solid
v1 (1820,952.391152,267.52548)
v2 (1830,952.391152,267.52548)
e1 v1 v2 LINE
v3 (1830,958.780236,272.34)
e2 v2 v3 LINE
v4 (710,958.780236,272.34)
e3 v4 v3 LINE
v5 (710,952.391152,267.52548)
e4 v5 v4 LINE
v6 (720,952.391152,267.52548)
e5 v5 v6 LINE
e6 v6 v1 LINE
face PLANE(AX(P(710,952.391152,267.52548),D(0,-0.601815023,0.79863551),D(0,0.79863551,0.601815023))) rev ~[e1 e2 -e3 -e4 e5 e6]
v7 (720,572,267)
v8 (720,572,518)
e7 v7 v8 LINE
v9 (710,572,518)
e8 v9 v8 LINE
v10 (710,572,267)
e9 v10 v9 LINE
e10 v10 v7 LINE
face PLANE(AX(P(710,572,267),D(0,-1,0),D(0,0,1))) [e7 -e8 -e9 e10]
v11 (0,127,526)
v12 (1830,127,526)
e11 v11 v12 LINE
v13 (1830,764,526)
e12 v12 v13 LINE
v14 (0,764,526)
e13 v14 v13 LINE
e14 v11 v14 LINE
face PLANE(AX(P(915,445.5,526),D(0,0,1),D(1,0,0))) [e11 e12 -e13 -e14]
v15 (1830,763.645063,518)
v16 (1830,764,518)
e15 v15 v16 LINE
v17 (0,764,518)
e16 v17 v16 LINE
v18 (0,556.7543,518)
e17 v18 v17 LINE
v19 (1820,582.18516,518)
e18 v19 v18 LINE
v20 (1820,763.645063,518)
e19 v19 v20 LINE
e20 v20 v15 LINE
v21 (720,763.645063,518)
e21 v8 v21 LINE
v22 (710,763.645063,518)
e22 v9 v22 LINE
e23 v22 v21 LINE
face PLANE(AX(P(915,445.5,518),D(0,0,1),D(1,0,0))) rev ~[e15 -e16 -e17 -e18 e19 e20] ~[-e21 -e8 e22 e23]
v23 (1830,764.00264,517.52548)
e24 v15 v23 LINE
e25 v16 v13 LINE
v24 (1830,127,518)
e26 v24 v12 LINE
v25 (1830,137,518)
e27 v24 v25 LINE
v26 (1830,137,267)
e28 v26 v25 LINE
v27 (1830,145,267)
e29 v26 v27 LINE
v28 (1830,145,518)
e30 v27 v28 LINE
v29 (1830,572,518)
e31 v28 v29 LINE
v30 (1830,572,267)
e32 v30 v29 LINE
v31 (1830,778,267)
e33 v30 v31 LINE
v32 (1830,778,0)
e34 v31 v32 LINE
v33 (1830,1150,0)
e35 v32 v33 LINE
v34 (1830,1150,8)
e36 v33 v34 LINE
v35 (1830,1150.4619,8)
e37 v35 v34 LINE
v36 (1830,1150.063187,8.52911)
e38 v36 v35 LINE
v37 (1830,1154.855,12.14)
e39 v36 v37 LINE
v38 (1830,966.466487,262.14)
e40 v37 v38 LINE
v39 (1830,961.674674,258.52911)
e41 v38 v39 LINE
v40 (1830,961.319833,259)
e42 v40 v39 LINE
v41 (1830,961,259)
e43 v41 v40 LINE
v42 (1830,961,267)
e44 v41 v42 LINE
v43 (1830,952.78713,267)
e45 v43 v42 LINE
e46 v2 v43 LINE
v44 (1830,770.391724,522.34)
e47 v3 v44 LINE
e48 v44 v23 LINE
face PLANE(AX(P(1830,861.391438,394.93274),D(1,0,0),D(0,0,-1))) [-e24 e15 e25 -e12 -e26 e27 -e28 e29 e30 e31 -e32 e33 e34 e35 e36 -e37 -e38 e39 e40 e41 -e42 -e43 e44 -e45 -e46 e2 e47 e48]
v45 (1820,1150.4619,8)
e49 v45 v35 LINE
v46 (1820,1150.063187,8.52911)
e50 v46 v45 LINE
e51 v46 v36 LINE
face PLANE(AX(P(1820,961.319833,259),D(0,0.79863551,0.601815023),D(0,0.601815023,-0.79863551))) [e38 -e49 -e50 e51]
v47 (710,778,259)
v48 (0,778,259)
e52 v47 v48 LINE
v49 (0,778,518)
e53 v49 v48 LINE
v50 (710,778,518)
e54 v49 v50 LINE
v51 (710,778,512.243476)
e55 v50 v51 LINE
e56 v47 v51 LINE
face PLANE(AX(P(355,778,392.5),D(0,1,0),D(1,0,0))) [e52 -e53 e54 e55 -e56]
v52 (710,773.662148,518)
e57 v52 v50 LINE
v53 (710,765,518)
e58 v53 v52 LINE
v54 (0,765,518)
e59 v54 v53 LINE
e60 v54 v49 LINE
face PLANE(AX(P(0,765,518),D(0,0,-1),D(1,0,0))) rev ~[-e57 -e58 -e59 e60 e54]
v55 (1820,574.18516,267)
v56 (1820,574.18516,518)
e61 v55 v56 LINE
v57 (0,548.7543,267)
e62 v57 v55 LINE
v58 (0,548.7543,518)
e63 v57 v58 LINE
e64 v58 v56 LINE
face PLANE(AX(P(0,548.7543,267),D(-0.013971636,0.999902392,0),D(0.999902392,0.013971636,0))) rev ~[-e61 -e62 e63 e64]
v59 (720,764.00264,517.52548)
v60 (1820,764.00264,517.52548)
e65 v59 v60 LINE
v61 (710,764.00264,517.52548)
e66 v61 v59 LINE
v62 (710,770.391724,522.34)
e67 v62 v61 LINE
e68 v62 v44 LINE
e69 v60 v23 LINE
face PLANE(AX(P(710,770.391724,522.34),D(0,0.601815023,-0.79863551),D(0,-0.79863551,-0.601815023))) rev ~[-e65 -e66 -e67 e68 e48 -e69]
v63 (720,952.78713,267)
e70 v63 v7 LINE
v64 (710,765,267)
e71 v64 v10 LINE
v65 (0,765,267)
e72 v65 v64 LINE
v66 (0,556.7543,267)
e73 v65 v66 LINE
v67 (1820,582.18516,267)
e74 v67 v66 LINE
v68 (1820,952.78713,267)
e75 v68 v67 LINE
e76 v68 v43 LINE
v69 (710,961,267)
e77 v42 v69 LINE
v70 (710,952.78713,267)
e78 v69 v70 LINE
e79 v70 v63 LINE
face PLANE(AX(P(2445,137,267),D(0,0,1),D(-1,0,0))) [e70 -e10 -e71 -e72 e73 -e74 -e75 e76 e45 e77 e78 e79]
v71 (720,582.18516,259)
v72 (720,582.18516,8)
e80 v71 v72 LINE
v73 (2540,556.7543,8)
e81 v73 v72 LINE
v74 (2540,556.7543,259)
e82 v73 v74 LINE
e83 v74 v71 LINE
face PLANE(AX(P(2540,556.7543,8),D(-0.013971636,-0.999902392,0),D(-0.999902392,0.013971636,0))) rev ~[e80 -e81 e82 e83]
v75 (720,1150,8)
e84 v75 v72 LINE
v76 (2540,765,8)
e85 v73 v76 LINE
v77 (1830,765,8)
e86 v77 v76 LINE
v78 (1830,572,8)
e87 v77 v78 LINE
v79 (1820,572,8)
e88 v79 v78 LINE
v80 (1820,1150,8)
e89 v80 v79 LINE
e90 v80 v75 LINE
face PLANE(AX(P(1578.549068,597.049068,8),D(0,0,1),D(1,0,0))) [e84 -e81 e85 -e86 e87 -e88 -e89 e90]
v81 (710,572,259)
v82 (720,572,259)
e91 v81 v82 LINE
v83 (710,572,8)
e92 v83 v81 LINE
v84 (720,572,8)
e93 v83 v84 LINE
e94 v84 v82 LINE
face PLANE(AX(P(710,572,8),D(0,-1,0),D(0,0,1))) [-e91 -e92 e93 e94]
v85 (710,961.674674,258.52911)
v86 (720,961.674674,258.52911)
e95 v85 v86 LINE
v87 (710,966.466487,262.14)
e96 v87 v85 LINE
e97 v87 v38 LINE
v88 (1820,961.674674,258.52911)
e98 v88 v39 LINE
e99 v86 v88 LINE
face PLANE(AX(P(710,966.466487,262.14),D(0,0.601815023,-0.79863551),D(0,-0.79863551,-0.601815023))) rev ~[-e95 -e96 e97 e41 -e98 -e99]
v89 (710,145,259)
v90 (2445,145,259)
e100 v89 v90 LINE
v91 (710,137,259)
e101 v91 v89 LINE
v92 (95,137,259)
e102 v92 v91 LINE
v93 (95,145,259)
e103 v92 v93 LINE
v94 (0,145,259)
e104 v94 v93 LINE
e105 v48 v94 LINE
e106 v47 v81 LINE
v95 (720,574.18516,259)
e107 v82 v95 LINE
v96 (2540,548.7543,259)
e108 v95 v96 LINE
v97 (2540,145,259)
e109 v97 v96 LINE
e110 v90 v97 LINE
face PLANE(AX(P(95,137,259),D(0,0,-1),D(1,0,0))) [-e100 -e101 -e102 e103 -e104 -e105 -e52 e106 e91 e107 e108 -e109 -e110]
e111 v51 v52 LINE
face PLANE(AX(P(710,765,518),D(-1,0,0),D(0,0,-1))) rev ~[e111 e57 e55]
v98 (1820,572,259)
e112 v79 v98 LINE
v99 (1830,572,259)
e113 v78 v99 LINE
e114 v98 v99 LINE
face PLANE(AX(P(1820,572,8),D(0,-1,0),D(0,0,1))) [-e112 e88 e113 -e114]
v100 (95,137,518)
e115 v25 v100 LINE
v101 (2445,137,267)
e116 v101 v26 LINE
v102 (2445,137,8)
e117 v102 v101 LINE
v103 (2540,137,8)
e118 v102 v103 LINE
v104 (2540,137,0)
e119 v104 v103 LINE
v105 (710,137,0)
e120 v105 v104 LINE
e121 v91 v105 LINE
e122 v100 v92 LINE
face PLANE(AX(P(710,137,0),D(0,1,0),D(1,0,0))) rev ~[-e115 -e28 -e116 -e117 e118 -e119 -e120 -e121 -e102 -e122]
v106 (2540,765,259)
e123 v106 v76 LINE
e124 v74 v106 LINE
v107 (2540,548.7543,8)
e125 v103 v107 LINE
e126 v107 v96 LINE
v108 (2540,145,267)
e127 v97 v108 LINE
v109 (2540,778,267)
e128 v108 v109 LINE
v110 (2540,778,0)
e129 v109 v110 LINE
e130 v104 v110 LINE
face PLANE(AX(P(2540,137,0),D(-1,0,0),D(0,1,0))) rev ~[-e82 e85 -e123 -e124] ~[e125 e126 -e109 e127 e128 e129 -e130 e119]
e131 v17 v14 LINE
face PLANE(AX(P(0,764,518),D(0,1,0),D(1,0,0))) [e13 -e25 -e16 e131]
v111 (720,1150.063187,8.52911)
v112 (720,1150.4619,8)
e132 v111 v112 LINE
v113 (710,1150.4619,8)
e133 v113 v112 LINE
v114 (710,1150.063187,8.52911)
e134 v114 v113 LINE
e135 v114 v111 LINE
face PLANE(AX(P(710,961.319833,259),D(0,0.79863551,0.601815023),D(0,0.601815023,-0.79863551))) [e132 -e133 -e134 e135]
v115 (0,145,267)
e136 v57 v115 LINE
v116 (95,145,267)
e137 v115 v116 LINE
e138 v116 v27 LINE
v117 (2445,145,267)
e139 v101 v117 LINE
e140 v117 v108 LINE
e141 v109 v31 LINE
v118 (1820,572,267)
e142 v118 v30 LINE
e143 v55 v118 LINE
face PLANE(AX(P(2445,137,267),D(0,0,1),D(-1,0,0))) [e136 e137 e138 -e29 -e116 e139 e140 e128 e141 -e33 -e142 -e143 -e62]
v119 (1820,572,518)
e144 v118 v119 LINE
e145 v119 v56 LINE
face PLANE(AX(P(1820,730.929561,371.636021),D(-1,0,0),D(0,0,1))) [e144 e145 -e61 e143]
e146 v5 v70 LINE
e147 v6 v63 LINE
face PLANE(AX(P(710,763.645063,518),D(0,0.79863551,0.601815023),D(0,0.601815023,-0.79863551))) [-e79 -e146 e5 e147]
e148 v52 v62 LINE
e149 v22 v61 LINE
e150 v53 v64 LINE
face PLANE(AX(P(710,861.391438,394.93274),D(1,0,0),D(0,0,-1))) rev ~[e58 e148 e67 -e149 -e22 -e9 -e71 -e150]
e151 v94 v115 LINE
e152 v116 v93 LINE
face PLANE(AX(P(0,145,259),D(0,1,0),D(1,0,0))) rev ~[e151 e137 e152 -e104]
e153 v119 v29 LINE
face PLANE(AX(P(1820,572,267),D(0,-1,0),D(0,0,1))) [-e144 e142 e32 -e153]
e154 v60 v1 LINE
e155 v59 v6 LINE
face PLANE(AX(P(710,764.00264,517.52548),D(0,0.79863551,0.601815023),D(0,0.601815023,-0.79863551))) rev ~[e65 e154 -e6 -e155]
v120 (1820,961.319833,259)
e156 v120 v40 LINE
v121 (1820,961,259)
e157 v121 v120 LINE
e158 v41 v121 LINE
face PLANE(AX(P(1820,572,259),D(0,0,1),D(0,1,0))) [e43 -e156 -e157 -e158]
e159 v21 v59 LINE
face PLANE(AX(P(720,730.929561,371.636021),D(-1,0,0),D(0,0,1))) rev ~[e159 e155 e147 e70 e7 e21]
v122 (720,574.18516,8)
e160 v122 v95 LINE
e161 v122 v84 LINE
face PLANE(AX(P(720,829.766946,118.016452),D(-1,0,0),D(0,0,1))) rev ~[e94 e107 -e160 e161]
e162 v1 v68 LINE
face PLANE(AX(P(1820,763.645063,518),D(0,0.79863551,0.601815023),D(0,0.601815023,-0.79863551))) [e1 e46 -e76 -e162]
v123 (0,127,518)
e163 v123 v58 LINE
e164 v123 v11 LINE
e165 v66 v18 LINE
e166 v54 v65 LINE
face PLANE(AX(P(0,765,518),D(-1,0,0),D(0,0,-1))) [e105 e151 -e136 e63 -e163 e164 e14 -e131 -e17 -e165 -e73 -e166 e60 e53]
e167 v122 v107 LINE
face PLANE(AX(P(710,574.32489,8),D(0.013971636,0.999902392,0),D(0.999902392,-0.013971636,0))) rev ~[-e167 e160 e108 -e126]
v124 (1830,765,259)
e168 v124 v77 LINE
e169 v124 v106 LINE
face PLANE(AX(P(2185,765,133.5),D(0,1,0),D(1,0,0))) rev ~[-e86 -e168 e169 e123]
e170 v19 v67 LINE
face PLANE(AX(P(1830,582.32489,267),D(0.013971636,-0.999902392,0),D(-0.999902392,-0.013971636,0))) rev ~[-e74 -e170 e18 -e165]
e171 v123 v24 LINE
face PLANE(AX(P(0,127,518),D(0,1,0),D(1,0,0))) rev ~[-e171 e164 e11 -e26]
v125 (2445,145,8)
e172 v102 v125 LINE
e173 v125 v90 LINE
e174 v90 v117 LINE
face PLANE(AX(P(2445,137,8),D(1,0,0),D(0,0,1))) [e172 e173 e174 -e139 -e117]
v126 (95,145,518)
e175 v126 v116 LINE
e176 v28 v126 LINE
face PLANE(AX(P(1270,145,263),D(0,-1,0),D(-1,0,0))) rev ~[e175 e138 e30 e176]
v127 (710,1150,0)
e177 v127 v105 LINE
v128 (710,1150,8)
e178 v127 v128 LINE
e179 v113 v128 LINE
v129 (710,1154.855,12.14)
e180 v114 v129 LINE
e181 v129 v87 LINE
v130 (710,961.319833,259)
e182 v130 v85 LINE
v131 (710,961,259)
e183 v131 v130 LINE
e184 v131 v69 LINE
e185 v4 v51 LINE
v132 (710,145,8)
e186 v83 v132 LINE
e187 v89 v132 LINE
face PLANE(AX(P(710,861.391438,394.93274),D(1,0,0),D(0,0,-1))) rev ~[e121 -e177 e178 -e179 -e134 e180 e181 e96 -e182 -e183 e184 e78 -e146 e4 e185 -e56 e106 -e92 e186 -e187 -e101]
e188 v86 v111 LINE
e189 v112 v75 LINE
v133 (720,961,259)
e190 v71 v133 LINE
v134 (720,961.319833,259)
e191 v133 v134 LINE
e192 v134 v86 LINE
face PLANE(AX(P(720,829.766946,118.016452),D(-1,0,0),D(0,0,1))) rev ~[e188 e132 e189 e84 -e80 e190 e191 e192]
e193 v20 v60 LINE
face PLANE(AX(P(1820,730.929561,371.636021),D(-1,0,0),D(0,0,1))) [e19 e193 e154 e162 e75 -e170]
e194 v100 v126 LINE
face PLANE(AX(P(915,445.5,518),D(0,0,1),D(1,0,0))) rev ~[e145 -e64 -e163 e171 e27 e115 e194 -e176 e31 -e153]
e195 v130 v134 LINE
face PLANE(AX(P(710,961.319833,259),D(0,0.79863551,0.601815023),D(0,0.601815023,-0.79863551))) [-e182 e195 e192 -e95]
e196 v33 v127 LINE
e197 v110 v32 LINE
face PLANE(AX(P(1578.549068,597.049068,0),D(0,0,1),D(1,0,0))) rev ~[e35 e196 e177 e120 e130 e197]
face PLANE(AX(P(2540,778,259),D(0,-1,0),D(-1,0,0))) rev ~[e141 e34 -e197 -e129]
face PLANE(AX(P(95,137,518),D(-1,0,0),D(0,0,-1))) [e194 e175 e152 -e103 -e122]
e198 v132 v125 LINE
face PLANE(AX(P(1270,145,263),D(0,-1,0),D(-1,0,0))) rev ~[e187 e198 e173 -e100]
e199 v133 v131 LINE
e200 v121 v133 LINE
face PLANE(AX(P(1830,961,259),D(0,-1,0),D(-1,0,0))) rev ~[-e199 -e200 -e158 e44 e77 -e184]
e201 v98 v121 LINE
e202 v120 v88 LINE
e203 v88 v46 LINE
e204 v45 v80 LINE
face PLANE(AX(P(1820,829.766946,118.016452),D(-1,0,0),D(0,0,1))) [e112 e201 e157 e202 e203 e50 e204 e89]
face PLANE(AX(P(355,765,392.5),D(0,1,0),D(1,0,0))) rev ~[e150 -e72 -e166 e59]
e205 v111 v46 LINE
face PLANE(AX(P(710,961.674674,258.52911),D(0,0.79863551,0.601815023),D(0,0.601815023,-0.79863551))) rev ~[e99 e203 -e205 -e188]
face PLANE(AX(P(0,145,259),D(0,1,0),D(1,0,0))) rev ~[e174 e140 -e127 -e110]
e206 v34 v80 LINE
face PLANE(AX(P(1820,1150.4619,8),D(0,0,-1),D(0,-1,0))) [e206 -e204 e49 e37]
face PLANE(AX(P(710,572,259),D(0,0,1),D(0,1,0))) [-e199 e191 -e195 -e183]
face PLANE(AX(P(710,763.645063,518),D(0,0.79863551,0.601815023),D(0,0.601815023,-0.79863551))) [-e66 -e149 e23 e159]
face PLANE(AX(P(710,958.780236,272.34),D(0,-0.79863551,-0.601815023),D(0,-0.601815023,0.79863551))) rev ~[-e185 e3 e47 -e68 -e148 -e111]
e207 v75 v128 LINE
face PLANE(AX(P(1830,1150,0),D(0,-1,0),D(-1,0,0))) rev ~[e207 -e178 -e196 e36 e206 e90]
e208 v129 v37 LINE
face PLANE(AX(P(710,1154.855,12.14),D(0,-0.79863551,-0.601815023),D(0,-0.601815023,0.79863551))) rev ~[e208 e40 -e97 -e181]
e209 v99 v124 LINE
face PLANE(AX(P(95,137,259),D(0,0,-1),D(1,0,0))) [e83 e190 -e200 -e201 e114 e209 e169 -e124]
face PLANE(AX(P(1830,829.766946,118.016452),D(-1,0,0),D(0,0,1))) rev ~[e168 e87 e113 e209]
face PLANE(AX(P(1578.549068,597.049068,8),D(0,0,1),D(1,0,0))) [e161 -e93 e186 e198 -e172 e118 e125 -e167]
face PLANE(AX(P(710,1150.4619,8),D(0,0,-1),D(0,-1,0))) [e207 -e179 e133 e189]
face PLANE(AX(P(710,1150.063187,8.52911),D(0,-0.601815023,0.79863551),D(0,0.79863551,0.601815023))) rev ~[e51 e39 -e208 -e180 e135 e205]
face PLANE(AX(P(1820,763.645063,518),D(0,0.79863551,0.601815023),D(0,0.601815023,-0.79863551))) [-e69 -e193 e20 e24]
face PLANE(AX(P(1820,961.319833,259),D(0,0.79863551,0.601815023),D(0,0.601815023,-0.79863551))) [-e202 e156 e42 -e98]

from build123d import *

# Parameters (mm, degrees)
EXTRUDE_1_DEPTH  = 8
EXTRUDE_2_DEPTH  = 8
EXTRUDE_3_DEPTH  = 8
SKETCH_7_W       = 1830
SKETCH_7_H       = 637
EXTRUDE_4_DEPTH  = 8
EXTRUDE_5_DEPTH  = 251
EXTRUDE_6_DEPTH  = 251
SKETCH_13_W      = 710
SKETCH_13_H      = 251
EXTRUDE_7_DEPTH  = 13
EXTRUDE_8_DEPTH  = 10
EXTRUDE_9_DEPTH  = 10
EXTRUDE_10_DEPTH = 1120
EXTRUDE_11_DEPTH = 1120


with BuildPart() as part:
    # ｽｹｯﾁ2 → ﾎﾞｽ - 押し出し1 (new body)
    with BuildSketch(Plane.XY.offset(259)):
        Polygon((0, 145), (2540, 145), (2540, 778), (1830, 778), (1830, 961), (710, 961), (710, 778), (0, 778), align=None)
    extrude(amount=EXTRUDE_1_DEPTH)

    # ｽｹｯﾁ4 → ﾎﾞｽ - 押し出し2 (add)
    with BuildSketch(Plane(origin=(0, 137, 0), x_dir=(1, 0, 0), z_dir=(0, 1, 0))):
        Polygon((95, -259), (710, -259), (710, -8), (2445, -8), (2445, -267), (1830, -267), (1830, -518), (95, -518), align=None)
    extrude(amount=EXTRUDE_2_DEPTH)

    # ｽｹｯﾁ5 → ﾎﾞｽ - 押し出し3 (add)
    with BuildSketch(Plane.XY):
        Polygon((710, 137), (2540, 137), (2540, 778), (1830, 778), (1830, 1150), (710, 1150), align=None)
    extrude(amount=EXTRUDE_3_DEPTH)

    # ｽｹｯﾁ7 → ﾎﾞｽ - 押し出し4 (add)
    with BuildSketch(Plane.XY.offset(518)):
        with Locations((915, 445.5)):
            Rectangle(SKETCH_7_W, SKETCH_7_H)
    extrude(amount=EXTRUDE_4_DEPTH)

    # ｽｹｯﾁ9 → ﾎﾞｽ - 押し出し5 (add)
    with BuildSketch(Plane.XY.offset(8)):
        Polygon((710, 574.32489), (2540, 548.7543), (2540, 556.7543), (710, 582.32489), align=None)
    extrude(amount=EXTRUDE_5_DEPTH)

    # ｽｹｯﾁ11 → ﾎﾞｽ - 押し出し6 (add)
    with BuildSketch(Plane.XY.offset(267)):
        Polygon((0, 548.7543), (1830, 574.32489), (1830, 582.32489), (0, 556.7543), align=None)
    extrude(amount=EXTRUDE_6_DEPTH)

    # ｽｹｯﾁ13 → ﾎﾞｽ - 押し出し7 (add)
    with BuildSketch(Plane(origin=(0, 765, 0), x_dir=(1, 0, 0), z_dir=(0, 1, 0))):
        with Locations((355, -392.5)):
            Rectangle(SKETCH_13_W, SKETCH_13_H)
        with Locations((2185, -133.5)):
            Rectangle(SKETCH_13_W, SKETCH_13_H)
    extrude(amount=EXTRUDE_7_DEPTH)

    # ｽｹｯﾁ15 → ﾎﾞｽ - 押し出し8 (add)
    with BuildSketch(Plane(origin=(710, 0, 0), x_dir=(0, 0, -1), z_dir=(1, 0, 0))):
        Polygon((-8, 572), (-259, 572), (-259, 961.319833243), (-8, 1150.461899818), align=None)
        Polygon((-267, 572), (-518, 572), (-518, 763.64506295), (-267, 952.787129526), align=None)
    extrude(amount=EXTRUDE_8_DEPTH)

    # ｽｹｯﾁ17 → ﾎﾞｽ - 押し出し9 (add)
    with BuildSketch(Plane(origin=(1820, 0, 0), x_dir=(0, 0, -1), z_dir=(1, 0, 0))):
        Polygon((-8, 572), (-259, 572), (-259, 961.319833243), (-8, 1150.461899818), align=None)
        Polygon((-267, 572), (-518, 572), (-518, 763.64506295), (-267, 952.787129526), align=None)
    extrude(amount=EXTRUDE_9_DEPTH)

    # ｽｹｯﾁ18 → ﾎﾞｽ - 押し出し10 (add)
    with BuildSketch(Plane(origin=(710, 0, 0), x_dir=(0, 0, -1), z_dir=(1, 0, 0))):
        Polygon((-12.14, 1154.855), (-262.14, 966.466487474), (-258.529109861, 961.674674414), (-8.529109861, 1150.06318694), align=None)
    extrude(amount=EXTRUDE_10_DEPTH)

    # ｽｹｯﾁ19 → ﾎﾞｽ - 押し出し11 (add)
    with BuildSketch(Plane(origin=(710, 0, 0), x_dir=(0, 0, -1), z_dir=(1, 0, 0))):
        Polygon((-272.34, 958.780236163), (-522.34, 770.391723638), (-517.525479815, 764.002639557), (-267.525479815, 952.391152083), align=None)
    extrude(amount=EXTRUDE_11_DEPTH)


solid = part.part
